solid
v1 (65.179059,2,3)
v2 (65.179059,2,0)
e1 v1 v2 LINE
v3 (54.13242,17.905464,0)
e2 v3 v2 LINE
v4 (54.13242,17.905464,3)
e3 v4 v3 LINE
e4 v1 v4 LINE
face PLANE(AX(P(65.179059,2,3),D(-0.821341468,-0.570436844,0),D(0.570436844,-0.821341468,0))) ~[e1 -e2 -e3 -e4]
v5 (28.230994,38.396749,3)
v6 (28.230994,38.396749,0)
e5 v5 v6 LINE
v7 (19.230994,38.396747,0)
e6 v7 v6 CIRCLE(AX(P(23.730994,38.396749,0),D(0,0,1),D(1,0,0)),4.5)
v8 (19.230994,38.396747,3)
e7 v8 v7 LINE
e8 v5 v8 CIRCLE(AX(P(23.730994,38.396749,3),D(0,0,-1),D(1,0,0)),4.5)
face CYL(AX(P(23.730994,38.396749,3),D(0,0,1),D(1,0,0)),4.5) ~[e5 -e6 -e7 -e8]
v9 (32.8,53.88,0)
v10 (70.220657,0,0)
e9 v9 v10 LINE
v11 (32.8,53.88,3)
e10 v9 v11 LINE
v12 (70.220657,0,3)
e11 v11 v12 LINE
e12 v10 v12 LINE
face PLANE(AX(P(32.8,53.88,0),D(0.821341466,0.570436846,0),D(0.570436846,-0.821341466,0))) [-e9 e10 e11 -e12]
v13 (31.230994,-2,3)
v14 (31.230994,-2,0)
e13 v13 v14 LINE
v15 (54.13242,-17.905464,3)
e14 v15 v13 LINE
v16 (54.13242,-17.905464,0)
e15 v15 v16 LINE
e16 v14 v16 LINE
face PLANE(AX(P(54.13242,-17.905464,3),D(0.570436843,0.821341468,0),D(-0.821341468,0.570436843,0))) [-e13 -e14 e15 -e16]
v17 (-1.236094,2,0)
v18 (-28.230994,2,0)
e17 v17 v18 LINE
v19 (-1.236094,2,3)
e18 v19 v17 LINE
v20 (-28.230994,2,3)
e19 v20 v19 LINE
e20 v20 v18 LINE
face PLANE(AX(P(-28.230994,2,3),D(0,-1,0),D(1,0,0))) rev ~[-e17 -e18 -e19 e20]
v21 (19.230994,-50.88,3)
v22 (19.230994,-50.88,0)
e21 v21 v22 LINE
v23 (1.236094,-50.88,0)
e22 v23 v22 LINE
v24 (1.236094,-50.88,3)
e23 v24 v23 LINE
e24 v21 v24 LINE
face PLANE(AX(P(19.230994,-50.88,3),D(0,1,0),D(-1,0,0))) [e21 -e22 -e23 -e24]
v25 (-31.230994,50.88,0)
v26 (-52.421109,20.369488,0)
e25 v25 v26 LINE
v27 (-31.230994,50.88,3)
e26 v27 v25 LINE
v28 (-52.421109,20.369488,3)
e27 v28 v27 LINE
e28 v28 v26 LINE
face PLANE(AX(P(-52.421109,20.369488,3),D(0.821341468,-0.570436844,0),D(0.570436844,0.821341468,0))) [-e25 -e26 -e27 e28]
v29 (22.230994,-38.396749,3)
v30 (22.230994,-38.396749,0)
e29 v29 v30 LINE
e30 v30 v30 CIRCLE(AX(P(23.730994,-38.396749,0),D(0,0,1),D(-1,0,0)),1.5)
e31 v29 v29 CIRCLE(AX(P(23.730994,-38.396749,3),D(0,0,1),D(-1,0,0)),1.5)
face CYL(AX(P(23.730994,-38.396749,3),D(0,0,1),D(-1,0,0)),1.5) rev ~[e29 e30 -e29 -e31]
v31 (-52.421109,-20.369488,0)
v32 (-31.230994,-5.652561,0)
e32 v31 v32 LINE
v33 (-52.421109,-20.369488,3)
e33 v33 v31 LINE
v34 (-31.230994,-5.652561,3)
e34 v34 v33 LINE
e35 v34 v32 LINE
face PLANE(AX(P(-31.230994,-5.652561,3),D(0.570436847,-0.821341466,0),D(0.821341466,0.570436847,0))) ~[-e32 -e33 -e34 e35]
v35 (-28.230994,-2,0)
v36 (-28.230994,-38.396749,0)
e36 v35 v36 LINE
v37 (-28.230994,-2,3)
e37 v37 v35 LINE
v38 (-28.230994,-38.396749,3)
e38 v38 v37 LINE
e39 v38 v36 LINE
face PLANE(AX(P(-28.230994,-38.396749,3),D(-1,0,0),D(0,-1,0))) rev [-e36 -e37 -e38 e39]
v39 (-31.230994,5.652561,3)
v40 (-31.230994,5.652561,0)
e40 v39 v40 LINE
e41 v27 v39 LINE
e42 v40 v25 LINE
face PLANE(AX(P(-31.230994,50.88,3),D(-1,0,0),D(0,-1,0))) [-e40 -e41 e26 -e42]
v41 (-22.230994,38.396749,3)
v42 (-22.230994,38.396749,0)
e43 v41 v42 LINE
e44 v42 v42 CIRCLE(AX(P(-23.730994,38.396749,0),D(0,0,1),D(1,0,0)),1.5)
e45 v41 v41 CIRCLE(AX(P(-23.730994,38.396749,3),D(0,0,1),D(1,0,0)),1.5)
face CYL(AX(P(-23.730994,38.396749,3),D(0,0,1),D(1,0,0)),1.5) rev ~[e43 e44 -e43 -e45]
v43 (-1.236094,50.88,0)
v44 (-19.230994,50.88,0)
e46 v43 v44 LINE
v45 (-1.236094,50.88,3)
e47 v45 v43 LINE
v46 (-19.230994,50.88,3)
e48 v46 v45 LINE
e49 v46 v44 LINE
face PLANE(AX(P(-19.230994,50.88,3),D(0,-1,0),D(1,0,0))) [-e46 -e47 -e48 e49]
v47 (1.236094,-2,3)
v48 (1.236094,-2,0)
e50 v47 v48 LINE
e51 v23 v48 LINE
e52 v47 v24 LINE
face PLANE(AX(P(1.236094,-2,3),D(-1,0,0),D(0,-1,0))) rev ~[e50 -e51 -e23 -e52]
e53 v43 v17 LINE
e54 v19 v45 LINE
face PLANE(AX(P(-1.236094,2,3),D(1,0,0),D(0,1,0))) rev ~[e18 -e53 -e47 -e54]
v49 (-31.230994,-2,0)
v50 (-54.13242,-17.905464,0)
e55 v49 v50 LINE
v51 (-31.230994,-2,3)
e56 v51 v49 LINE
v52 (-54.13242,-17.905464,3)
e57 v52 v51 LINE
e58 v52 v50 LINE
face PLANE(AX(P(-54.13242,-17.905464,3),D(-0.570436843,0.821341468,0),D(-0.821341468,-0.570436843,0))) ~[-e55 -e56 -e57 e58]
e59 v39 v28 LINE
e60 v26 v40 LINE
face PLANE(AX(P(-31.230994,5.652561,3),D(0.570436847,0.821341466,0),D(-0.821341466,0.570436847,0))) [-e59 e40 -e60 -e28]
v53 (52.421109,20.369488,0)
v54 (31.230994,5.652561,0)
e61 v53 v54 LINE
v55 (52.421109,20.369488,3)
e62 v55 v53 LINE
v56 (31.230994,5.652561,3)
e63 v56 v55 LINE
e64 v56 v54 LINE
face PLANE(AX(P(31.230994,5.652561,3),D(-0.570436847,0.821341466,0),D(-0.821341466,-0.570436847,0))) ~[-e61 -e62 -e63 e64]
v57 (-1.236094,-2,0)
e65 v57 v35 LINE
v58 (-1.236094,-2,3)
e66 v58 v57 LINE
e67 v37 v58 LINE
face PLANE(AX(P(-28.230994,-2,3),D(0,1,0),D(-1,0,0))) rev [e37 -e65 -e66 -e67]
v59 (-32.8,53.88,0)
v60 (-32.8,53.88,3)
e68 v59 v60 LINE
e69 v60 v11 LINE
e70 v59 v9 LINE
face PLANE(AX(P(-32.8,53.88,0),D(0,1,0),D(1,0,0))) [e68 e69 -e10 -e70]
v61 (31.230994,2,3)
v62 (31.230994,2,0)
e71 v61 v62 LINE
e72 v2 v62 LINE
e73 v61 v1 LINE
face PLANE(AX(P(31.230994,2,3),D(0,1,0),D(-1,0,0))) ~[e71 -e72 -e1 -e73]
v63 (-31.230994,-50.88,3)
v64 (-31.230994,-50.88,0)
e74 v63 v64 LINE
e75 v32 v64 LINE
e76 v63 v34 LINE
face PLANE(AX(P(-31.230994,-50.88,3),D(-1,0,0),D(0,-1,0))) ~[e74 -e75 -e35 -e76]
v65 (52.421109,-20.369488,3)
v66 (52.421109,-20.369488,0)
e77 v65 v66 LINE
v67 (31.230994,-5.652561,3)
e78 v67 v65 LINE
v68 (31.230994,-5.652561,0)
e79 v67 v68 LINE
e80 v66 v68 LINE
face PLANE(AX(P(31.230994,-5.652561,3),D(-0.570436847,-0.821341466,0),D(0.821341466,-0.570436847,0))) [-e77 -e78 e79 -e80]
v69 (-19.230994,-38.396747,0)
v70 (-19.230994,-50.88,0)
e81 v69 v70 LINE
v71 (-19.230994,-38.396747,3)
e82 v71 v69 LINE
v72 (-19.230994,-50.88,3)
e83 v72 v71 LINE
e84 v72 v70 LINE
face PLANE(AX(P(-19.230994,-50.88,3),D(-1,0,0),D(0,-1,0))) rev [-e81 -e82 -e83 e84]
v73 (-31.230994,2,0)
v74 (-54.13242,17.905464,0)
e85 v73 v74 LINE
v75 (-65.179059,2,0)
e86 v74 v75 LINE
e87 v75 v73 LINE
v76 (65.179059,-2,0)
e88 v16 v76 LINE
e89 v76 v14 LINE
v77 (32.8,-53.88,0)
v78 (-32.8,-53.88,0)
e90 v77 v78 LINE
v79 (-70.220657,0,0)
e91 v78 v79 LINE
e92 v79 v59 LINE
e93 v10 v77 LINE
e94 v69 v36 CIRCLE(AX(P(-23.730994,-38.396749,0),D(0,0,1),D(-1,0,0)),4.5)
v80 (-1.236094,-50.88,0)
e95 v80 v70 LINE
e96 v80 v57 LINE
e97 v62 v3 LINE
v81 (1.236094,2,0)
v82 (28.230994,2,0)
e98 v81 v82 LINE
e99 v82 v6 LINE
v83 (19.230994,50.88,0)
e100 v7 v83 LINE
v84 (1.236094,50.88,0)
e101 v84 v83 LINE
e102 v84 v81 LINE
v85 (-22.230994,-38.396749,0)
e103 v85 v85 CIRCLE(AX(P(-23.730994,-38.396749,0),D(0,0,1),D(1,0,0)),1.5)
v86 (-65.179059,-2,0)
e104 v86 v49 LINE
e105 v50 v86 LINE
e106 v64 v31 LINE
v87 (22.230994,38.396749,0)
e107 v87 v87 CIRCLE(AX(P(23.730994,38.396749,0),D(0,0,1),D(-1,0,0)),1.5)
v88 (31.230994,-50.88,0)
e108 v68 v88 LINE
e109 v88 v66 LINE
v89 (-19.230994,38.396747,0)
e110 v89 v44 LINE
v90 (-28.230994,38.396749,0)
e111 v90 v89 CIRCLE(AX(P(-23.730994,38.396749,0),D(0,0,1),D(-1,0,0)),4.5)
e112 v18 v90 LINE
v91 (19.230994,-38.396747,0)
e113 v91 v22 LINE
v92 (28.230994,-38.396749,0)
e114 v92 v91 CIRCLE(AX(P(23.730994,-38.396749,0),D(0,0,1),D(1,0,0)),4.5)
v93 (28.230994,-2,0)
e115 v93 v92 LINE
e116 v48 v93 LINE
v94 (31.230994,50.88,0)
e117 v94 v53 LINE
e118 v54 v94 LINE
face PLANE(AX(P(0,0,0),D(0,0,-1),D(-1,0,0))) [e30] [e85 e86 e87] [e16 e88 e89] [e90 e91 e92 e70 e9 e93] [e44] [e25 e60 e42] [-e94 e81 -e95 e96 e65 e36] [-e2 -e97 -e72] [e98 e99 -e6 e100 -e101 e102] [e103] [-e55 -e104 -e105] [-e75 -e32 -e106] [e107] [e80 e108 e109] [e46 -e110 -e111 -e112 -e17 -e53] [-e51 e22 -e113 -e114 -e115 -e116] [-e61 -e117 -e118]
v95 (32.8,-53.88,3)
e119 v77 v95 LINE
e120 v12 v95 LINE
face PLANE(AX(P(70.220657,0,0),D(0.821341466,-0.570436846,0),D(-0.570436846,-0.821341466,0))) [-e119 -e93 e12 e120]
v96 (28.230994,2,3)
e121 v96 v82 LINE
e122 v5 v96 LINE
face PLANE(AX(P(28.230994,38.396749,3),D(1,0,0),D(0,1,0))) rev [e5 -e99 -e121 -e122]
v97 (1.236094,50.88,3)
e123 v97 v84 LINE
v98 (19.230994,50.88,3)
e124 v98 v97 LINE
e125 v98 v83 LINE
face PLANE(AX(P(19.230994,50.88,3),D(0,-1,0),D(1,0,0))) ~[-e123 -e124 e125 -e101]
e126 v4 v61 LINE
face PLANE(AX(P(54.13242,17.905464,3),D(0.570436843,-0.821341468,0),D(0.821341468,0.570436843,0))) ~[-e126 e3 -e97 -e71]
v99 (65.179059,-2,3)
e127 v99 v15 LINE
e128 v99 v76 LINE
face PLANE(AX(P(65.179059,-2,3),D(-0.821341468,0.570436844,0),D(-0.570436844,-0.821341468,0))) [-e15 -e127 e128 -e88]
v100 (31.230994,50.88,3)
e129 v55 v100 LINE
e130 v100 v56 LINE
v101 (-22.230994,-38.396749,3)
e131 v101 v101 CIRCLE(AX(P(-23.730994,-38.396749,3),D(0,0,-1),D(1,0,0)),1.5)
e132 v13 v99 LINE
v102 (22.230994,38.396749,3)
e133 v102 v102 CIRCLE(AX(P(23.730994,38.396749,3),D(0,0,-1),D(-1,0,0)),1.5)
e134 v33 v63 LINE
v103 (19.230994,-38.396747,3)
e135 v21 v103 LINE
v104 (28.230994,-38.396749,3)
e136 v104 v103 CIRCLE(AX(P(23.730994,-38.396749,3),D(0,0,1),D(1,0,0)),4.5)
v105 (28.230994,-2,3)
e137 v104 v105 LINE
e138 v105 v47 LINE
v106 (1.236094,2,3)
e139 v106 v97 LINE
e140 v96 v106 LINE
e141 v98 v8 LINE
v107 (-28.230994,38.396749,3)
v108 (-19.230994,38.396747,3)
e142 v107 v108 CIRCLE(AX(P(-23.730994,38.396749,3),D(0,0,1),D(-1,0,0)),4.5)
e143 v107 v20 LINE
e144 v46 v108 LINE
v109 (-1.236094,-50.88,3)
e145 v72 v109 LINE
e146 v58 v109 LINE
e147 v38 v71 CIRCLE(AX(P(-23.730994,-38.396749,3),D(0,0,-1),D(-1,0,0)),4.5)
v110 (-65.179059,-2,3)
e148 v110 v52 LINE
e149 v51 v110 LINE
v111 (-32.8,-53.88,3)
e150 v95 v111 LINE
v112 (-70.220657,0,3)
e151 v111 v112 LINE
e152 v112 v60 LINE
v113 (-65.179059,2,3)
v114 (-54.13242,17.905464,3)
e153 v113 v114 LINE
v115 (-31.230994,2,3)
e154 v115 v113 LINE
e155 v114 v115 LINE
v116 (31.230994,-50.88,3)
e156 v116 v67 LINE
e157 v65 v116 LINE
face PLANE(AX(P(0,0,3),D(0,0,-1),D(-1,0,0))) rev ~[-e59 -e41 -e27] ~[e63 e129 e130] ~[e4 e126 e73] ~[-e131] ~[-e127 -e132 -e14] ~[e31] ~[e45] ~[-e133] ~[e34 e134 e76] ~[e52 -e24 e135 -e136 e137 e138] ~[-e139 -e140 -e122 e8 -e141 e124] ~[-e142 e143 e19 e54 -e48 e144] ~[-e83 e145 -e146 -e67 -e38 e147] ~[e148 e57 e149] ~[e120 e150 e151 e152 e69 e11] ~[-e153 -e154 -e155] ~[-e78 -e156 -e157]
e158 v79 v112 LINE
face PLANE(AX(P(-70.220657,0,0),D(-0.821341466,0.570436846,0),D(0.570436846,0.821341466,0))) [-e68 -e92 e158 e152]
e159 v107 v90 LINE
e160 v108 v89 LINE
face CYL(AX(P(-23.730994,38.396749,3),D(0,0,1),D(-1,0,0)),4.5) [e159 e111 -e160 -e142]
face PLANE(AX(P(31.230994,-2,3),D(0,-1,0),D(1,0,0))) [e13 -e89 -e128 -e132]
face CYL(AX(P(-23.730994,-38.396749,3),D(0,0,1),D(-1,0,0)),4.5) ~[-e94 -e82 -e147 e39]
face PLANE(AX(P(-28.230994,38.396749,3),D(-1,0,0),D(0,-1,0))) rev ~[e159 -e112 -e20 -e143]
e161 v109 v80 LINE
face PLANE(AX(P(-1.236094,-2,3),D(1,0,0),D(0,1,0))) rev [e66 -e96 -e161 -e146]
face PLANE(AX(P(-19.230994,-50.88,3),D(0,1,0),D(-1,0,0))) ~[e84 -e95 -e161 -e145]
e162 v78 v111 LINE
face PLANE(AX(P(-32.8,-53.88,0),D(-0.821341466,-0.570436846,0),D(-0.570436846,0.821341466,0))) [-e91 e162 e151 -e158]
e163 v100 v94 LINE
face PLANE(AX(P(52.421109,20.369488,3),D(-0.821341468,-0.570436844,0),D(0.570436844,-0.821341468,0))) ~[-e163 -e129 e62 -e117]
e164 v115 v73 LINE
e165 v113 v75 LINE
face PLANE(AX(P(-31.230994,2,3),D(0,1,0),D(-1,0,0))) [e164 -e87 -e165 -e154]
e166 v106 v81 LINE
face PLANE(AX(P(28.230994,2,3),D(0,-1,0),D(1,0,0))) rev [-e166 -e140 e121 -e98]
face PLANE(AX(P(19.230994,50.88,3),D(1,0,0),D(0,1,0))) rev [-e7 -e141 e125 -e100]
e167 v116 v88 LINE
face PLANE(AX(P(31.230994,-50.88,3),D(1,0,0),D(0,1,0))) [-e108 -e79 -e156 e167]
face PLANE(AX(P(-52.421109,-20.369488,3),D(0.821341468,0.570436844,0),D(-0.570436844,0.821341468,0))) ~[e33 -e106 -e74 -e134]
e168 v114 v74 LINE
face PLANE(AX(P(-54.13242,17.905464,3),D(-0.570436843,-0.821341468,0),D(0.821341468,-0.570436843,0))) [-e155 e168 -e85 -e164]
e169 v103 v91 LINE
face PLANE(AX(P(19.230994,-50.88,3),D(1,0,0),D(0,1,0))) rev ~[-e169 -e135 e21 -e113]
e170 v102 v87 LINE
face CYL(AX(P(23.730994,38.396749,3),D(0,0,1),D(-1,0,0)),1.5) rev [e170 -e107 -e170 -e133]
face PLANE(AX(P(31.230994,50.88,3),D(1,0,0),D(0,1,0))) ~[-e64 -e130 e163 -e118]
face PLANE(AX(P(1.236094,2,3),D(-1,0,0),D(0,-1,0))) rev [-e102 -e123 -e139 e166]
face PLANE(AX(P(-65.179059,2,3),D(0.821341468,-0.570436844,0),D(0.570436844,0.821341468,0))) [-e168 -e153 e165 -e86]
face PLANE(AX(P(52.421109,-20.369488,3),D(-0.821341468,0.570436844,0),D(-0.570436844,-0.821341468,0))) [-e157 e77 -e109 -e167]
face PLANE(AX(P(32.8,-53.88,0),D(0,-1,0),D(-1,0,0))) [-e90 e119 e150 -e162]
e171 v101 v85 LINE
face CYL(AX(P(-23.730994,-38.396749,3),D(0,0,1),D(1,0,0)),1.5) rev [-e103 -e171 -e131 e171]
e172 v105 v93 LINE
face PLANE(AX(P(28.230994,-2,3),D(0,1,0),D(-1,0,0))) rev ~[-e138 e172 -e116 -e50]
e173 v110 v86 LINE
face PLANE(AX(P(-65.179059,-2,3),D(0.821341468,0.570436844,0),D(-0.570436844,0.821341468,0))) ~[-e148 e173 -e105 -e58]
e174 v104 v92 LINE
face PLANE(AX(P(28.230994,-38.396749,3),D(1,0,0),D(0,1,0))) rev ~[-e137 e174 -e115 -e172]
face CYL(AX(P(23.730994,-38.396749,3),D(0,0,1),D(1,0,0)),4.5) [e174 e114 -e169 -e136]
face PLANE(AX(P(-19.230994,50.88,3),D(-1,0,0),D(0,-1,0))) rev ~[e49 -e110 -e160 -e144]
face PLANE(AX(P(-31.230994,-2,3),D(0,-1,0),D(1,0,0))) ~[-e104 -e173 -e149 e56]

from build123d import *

# Parameters (mm, degrees)
SKETCH001_R      = 1.5
EXTRUDE001_DEPTH = 10
EXTRUDE_DEPTH    = 3


with BuildPart() as extrude001:
    # Sketch001 (on Face8 of Extrude) → Extrude001 (new body)
    with BuildSketch(Plane.XY.offset(3)):
        with Locations((-23.730994, 38.396749)):
            Circle(SKETCH001_R)
        Polygon((-65.179059, 2), (-54.13242, 17.905464), (-31.230994, 2), align=None)
        Polygon((-31.230994, 5.652561), (-52.421109, 20.369488), (-31.230994, 50.88), align=None)
        with BuildLine():
            Line((-28.230994, 38.396749), (-28.230994, 2))
            Line((-28.230994, 2), (-1.236094, 2))
            Line((-1.236094, 2), (-1.236094, 50.88))
            Line((-19.230994, 50.88), (-1.236094, 50.88))
            Line((-19.230994, 50.88), (-19.230994, 38.396747))
            ThreePointArc((-28.230994, 38.396749), (-23.730995, 33.896749), (-19.230994, 38.396747))
        make_face()
    extrude(amount=-EXTRUDE001_DEPTH)


with BuildPart() as part_mirroring:
    # Part__Mirroring: instance of Extrude001
    add(extrude001.part.mirror(Plane(origin=(0, 0, 0), x_dir=(1, 0, 0), z_dir=(0, 1, 0))))


with BuildPart() as part_mirroring001:
    # Part__Mirroring001: instance of Part__Mirroring
    add(part_mirroring.part.mirror(Plane(origin=(0, 0, 0), x_dir=(0, -1, 0), z_dir=(1, 0, 0))))


with BuildPart() as part_mirroring002:
    # Part__Mirroring002: instance of Extrude001
    add(extrude001.part.mirror(Plane(origin=(0, 0, 0), x_dir=(0, -1, 0), z_dir=(1, 0, 0))))


with BuildPart() as cut003:
    # Sketch → Extrude (new body)
    with BuildSketch(Plane.XY):
        Polygon((-32.8, 53.88), (32.8, 53.88), (70.220657, 0), (32.8, -53.88), (-32.8, -53.88), (-70.220657, 0), align=None)
    extrude(amount=EXTRUDE_DEPTH)

    # Cut: cut Part__Mirroring002
    add(part_mirroring002.part, mode=Mode.SUBTRACT)

    # Cut001: cut Extrude001
    add(extrude001.part, mode=Mode.SUBTRACT)

    # Cut002: cut Part__Mirroring001
    add(part_mirroring001.part, mode=Mode.SUBTRACT)

    # Cut003: cut Part__Mirroring
    add(part_mirroring.part, mode=Mode.SUBTRACT)


solid = cut003.part
